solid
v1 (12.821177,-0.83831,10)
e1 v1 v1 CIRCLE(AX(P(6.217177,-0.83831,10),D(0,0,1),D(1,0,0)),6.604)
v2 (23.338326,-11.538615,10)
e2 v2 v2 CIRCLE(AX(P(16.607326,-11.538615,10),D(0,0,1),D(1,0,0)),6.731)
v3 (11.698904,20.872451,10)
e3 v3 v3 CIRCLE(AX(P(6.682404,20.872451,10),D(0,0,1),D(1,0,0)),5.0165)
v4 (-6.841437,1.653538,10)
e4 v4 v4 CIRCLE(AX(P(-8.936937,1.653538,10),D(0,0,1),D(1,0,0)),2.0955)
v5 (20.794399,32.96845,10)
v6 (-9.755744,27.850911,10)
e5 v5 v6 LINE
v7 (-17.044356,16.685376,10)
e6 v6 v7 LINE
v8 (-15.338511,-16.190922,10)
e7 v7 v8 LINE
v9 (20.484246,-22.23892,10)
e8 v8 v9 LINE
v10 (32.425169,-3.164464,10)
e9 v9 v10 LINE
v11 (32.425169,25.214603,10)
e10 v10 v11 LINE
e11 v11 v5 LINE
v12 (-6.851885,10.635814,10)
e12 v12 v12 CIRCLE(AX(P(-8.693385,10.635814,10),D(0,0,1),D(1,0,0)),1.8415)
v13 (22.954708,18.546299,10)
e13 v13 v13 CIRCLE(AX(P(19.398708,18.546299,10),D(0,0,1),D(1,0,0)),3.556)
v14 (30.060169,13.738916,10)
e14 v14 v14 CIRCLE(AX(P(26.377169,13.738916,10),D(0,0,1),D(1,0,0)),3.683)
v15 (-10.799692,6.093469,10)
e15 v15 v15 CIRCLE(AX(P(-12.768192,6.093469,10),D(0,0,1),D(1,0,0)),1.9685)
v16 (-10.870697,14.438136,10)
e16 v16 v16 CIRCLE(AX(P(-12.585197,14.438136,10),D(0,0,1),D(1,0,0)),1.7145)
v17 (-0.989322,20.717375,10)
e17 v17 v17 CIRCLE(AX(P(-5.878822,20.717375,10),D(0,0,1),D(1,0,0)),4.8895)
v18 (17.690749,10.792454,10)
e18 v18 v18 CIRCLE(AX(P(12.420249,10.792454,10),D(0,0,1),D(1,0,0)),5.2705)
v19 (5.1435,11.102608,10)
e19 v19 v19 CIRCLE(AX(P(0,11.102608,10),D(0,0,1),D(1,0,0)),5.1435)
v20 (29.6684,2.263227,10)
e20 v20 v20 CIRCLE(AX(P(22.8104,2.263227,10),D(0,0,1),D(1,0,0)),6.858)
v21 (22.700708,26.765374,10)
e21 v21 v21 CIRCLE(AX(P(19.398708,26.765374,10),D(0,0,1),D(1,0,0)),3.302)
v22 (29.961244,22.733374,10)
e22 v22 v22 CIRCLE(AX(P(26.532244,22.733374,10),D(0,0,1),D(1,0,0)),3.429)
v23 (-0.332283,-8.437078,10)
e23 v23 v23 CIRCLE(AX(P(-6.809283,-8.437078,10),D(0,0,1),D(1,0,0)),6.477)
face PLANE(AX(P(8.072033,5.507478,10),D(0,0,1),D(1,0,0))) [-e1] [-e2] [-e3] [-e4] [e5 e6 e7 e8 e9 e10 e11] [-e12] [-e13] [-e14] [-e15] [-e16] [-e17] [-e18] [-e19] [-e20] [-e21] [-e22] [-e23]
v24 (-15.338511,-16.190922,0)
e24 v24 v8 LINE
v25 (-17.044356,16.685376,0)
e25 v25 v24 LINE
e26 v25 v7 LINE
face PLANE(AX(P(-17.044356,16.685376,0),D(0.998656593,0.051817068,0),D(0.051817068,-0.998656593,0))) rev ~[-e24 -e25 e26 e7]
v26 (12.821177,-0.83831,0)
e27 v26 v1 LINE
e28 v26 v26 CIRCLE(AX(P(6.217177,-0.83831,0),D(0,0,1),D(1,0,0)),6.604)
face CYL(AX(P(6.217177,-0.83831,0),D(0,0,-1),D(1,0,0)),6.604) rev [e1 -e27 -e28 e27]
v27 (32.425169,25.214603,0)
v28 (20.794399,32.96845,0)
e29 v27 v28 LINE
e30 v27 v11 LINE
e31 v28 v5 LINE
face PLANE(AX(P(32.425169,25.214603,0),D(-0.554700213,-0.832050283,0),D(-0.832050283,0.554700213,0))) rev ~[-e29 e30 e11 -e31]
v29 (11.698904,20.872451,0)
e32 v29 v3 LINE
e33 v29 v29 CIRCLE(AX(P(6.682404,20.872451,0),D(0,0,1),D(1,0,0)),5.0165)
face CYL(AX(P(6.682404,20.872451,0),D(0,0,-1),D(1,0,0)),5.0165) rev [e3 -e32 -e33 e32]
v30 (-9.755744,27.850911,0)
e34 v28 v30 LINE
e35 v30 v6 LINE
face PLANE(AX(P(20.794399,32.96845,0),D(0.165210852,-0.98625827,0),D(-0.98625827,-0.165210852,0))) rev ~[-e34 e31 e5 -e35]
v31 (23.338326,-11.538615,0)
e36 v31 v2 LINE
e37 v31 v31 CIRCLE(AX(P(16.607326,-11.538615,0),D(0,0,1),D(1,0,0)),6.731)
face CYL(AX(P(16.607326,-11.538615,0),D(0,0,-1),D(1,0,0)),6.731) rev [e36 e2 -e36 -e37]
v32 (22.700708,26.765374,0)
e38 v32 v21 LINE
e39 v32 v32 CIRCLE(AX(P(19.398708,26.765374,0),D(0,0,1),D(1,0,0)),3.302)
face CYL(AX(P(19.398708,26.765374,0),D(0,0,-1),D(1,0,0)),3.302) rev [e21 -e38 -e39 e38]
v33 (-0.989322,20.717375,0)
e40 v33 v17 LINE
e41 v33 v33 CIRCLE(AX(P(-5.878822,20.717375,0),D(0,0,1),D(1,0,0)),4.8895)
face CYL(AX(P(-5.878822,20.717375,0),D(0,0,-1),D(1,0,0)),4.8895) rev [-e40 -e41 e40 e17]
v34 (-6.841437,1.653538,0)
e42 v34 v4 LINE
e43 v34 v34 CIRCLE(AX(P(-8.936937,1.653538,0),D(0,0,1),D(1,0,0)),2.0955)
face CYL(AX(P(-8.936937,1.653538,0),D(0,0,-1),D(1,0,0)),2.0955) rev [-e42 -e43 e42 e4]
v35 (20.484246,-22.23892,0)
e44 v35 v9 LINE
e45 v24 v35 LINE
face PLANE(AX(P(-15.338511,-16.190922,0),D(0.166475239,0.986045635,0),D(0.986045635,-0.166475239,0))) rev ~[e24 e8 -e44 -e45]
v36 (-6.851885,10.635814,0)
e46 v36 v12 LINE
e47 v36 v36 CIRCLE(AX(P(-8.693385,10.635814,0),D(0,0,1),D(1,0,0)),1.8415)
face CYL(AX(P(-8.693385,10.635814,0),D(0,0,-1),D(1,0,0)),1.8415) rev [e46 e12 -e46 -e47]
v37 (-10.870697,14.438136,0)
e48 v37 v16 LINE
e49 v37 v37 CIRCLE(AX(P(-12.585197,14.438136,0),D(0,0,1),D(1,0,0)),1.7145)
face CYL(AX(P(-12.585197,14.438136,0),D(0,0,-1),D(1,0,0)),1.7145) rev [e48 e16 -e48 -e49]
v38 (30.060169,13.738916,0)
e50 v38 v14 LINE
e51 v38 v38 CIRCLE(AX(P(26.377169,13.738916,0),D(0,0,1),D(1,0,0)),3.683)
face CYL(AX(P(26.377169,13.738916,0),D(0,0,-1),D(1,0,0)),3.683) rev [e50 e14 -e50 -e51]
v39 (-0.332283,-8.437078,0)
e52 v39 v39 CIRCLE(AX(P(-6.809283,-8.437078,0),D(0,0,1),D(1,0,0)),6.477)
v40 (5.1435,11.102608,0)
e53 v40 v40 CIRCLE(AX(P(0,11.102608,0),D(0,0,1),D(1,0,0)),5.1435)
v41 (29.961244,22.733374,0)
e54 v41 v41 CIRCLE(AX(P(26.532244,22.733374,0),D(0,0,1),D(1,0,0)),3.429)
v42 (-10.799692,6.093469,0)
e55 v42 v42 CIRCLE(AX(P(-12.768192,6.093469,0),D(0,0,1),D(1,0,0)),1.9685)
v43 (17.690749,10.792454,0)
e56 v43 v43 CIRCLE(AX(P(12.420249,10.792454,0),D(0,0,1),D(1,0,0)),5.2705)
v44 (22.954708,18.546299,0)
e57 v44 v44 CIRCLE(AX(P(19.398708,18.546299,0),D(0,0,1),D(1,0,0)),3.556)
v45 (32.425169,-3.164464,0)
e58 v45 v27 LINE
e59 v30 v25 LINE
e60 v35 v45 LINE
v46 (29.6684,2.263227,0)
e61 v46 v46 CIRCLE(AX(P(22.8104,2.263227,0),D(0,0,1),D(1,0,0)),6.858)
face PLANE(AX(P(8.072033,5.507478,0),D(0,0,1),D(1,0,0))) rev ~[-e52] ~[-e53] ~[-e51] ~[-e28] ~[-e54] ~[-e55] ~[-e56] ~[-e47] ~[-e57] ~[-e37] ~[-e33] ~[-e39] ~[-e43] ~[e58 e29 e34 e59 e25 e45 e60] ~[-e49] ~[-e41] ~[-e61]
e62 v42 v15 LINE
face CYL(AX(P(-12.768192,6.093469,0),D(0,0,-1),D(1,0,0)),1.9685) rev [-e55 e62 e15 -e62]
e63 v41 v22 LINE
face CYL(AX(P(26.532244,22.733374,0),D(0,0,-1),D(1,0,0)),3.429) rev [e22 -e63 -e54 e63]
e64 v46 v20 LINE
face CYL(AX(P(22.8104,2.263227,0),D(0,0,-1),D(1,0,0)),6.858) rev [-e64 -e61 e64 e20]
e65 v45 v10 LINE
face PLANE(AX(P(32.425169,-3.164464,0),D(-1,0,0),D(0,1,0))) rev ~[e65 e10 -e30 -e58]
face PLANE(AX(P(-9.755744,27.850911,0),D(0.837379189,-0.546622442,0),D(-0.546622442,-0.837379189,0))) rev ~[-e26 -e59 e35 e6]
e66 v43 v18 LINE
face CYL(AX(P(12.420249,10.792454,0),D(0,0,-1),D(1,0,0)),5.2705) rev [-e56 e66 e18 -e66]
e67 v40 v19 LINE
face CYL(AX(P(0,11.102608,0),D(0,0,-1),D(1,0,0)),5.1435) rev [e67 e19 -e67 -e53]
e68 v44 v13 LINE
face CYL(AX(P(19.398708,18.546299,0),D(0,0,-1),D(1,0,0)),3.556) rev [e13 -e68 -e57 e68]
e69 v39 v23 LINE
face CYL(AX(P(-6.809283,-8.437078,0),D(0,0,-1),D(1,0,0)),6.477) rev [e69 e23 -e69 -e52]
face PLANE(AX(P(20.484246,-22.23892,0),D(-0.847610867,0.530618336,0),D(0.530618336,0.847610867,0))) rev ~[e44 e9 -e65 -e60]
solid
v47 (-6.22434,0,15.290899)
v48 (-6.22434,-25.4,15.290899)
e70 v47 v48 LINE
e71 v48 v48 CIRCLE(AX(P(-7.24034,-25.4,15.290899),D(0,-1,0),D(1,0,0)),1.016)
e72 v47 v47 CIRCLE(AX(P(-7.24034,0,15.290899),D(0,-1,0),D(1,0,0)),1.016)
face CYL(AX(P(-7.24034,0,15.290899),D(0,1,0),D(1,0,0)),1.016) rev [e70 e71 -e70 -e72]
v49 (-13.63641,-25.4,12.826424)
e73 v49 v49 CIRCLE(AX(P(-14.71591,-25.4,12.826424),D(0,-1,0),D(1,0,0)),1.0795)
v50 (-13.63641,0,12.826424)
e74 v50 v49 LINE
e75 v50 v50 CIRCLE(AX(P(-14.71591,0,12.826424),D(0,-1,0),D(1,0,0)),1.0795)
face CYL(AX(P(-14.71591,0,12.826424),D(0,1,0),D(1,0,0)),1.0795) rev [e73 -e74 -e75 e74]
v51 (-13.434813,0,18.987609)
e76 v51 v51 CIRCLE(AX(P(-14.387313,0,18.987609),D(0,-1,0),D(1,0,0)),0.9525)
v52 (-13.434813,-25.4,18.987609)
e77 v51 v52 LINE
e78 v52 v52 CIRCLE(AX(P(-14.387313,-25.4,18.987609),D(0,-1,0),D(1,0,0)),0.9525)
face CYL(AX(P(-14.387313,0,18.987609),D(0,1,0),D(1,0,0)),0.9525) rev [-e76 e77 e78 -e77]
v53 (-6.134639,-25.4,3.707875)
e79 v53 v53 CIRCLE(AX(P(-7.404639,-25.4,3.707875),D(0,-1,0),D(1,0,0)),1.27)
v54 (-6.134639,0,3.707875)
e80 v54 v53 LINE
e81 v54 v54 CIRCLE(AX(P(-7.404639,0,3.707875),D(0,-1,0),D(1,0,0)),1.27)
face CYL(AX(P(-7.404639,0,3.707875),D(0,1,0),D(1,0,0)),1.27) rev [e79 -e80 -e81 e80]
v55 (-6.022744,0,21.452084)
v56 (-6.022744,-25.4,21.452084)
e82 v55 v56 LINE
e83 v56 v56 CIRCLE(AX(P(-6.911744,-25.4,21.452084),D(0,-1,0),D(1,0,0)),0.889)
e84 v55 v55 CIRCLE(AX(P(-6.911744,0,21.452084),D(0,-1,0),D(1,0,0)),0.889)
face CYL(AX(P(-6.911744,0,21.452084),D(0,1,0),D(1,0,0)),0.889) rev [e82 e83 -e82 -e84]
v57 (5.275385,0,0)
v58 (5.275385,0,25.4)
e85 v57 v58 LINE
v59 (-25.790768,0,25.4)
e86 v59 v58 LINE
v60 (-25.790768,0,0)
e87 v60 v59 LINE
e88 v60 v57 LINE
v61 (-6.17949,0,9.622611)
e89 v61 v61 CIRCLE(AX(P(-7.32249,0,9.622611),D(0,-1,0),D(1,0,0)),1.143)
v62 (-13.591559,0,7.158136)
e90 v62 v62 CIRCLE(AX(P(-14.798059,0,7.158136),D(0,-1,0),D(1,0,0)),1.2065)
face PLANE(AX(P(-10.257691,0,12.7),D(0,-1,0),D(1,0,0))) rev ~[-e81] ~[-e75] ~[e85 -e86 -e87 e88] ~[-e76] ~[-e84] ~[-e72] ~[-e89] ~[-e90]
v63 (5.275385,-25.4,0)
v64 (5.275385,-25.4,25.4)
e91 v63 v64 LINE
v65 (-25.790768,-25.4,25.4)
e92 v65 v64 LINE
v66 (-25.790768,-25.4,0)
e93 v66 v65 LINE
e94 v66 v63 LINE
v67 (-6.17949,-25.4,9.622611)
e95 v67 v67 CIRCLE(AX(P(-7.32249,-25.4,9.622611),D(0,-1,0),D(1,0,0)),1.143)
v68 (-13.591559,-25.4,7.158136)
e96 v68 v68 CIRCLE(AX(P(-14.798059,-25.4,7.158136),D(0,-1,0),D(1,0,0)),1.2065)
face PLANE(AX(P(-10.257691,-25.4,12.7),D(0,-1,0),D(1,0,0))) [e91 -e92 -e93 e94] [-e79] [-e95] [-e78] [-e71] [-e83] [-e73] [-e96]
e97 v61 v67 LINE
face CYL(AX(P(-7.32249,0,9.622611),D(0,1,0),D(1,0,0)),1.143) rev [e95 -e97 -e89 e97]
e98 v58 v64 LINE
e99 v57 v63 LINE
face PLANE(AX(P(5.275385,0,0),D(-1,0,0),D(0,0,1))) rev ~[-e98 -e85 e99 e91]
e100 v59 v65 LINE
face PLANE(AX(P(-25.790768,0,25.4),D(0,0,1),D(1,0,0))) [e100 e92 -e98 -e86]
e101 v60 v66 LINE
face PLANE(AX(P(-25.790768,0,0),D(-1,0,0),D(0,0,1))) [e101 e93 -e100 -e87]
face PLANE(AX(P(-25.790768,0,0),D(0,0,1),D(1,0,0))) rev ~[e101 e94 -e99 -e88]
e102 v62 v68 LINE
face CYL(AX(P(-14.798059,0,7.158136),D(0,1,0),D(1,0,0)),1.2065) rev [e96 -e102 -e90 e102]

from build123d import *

# Parameters (mm, degrees)
F0_R     = 6.477
F0_R_2   = 2.0955
F0_R_3   = 6.604
F0_R_4   = 6.731
F0_R_5   = 6.858
F0_R_6   = 1.9685
F0_R_7   = 1.8415
F0_R_8   = 1.7145
F0_R_9   = 5.1435
F0_R_10  = 4.8895
F0_R_11  = 5.0165
F0_R_12  = 5.2705
F0_R_13  = 3.556
F0_R_14  = 3.683
F0_R_15  = 3.302
F0_R_16  = 3.429
F1_DEPTH = 10
F2_W     = 31.066153
F2_H     = 25.4
F2_R     = 1.2065
F2_R_2   = 1.27
F2_R_3   = 1.143
F2_R_4   = 1.0795
F2_R_5   = 0.9525
F2_R_6   = 1.016
F2_R_7   = 0.889
F3_DEPTH = 25.4


with BuildPart() as f1:
    # F0 (on Top) → F1 (new body)
    with BuildSketch(Plane.XY):
        Polygon((-9.755744, 27.850911), (-17.044356, 16.685376), (-15.338511, -16.190922), (20.484246, -22.23892), (32.425169, -3.164464), (32.425169, 25.214603), (20.794399, 32.96845), align=None)
        with Locations((-6.809283, -8.437078)):
            Circle(F0_R, mode=Mode.SUBTRACT)
        with Locations((-8.936937, 1.653538)):
            Circle(F0_R_2, mode=Mode.SUBTRACT)
        with Locations((6.217177, -0.83831)):
            Circle(F0_R_3, mode=Mode.SUBTRACT)
        with Locations((16.607326, -11.538615)):
            Circle(F0_R_4, mode=Mode.SUBTRACT)
        with Locations((22.8104, 2.263227)):
            Circle(F0_R_5, mode=Mode.SUBTRACT)
        with Locations((-12.768192, 6.093469)):
            Circle(F0_R_6, mode=Mode.SUBTRACT)
        with Locations((-8.693385, 10.635814)):
            Circle(F0_R_7, mode=Mode.SUBTRACT)
        with Locations((-12.585197, 14.438136)):
            Circle(F0_R_8, mode=Mode.SUBTRACT)
        with Locations((0, 11.102608)):
            Circle(F0_R_9, mode=Mode.SUBTRACT)
        with Locations((-5.878822, 20.717375)):
            Circle(F0_R_10, mode=Mode.SUBTRACT)
        with Locations((6.682404, 20.872451)):
            Circle(F0_R_11, mode=Mode.SUBTRACT)
        with Locations((12.420249, 10.792454)):
            Circle(F0_R_12, mode=Mode.SUBTRACT)
        with Locations((19.398708, 18.546299)):
            Circle(F0_R_13, mode=Mode.SUBTRACT)
        with Locations((26.377169, 13.738916)):
            Circle(F0_R_14, mode=Mode.SUBTRACT)
        with Locations((19.398708, 26.765374)):
            Circle(F0_R_15, mode=Mode.SUBTRACT)
        with Locations((26.532244, 22.733374)):
            Circle(F0_R_16, mode=Mode.SUBTRACT)
    extrude(amount=F1_DEPTH)


with BuildPart() as f3:
    # F2 (on Front) → F3 (new body)
    with BuildSketch(Plane.XZ):
        with Locations((-10.257691, 12.7)):
            Rectangle(F2_W, F2_H)
        with Locations((-14.798059, 7.158136)):
            Circle(F2_R, mode=Mode.SUBTRACT)
        with Locations((-7.404639, 3.707875)):
            Circle(F2_R_2, mode=Mode.SUBTRACT)
        with Locations((-7.32249, 9.622611)):
            Circle(F2_R_3, mode=Mode.SUBTRACT)
        with Locations((-14.71591, 12.826424)):
            Circle(F2_R_4, mode=Mode.SUBTRACT)
        with Locations((-14.387313, 18.987609)):
            Circle(F2_R_5, mode=Mode.SUBTRACT)
        with Locations((-7.24034, 15.290899)):
            Circle(F2_R_6, mode=Mode.SUBTRACT)
        with Locations((-6.911744, 21.452084)):
            Circle(F2_R_7, mode=Mode.SUBTRACT)
    extrude(amount=F3_DEPTH)


solid = Compound([f1.part, f3.part])
